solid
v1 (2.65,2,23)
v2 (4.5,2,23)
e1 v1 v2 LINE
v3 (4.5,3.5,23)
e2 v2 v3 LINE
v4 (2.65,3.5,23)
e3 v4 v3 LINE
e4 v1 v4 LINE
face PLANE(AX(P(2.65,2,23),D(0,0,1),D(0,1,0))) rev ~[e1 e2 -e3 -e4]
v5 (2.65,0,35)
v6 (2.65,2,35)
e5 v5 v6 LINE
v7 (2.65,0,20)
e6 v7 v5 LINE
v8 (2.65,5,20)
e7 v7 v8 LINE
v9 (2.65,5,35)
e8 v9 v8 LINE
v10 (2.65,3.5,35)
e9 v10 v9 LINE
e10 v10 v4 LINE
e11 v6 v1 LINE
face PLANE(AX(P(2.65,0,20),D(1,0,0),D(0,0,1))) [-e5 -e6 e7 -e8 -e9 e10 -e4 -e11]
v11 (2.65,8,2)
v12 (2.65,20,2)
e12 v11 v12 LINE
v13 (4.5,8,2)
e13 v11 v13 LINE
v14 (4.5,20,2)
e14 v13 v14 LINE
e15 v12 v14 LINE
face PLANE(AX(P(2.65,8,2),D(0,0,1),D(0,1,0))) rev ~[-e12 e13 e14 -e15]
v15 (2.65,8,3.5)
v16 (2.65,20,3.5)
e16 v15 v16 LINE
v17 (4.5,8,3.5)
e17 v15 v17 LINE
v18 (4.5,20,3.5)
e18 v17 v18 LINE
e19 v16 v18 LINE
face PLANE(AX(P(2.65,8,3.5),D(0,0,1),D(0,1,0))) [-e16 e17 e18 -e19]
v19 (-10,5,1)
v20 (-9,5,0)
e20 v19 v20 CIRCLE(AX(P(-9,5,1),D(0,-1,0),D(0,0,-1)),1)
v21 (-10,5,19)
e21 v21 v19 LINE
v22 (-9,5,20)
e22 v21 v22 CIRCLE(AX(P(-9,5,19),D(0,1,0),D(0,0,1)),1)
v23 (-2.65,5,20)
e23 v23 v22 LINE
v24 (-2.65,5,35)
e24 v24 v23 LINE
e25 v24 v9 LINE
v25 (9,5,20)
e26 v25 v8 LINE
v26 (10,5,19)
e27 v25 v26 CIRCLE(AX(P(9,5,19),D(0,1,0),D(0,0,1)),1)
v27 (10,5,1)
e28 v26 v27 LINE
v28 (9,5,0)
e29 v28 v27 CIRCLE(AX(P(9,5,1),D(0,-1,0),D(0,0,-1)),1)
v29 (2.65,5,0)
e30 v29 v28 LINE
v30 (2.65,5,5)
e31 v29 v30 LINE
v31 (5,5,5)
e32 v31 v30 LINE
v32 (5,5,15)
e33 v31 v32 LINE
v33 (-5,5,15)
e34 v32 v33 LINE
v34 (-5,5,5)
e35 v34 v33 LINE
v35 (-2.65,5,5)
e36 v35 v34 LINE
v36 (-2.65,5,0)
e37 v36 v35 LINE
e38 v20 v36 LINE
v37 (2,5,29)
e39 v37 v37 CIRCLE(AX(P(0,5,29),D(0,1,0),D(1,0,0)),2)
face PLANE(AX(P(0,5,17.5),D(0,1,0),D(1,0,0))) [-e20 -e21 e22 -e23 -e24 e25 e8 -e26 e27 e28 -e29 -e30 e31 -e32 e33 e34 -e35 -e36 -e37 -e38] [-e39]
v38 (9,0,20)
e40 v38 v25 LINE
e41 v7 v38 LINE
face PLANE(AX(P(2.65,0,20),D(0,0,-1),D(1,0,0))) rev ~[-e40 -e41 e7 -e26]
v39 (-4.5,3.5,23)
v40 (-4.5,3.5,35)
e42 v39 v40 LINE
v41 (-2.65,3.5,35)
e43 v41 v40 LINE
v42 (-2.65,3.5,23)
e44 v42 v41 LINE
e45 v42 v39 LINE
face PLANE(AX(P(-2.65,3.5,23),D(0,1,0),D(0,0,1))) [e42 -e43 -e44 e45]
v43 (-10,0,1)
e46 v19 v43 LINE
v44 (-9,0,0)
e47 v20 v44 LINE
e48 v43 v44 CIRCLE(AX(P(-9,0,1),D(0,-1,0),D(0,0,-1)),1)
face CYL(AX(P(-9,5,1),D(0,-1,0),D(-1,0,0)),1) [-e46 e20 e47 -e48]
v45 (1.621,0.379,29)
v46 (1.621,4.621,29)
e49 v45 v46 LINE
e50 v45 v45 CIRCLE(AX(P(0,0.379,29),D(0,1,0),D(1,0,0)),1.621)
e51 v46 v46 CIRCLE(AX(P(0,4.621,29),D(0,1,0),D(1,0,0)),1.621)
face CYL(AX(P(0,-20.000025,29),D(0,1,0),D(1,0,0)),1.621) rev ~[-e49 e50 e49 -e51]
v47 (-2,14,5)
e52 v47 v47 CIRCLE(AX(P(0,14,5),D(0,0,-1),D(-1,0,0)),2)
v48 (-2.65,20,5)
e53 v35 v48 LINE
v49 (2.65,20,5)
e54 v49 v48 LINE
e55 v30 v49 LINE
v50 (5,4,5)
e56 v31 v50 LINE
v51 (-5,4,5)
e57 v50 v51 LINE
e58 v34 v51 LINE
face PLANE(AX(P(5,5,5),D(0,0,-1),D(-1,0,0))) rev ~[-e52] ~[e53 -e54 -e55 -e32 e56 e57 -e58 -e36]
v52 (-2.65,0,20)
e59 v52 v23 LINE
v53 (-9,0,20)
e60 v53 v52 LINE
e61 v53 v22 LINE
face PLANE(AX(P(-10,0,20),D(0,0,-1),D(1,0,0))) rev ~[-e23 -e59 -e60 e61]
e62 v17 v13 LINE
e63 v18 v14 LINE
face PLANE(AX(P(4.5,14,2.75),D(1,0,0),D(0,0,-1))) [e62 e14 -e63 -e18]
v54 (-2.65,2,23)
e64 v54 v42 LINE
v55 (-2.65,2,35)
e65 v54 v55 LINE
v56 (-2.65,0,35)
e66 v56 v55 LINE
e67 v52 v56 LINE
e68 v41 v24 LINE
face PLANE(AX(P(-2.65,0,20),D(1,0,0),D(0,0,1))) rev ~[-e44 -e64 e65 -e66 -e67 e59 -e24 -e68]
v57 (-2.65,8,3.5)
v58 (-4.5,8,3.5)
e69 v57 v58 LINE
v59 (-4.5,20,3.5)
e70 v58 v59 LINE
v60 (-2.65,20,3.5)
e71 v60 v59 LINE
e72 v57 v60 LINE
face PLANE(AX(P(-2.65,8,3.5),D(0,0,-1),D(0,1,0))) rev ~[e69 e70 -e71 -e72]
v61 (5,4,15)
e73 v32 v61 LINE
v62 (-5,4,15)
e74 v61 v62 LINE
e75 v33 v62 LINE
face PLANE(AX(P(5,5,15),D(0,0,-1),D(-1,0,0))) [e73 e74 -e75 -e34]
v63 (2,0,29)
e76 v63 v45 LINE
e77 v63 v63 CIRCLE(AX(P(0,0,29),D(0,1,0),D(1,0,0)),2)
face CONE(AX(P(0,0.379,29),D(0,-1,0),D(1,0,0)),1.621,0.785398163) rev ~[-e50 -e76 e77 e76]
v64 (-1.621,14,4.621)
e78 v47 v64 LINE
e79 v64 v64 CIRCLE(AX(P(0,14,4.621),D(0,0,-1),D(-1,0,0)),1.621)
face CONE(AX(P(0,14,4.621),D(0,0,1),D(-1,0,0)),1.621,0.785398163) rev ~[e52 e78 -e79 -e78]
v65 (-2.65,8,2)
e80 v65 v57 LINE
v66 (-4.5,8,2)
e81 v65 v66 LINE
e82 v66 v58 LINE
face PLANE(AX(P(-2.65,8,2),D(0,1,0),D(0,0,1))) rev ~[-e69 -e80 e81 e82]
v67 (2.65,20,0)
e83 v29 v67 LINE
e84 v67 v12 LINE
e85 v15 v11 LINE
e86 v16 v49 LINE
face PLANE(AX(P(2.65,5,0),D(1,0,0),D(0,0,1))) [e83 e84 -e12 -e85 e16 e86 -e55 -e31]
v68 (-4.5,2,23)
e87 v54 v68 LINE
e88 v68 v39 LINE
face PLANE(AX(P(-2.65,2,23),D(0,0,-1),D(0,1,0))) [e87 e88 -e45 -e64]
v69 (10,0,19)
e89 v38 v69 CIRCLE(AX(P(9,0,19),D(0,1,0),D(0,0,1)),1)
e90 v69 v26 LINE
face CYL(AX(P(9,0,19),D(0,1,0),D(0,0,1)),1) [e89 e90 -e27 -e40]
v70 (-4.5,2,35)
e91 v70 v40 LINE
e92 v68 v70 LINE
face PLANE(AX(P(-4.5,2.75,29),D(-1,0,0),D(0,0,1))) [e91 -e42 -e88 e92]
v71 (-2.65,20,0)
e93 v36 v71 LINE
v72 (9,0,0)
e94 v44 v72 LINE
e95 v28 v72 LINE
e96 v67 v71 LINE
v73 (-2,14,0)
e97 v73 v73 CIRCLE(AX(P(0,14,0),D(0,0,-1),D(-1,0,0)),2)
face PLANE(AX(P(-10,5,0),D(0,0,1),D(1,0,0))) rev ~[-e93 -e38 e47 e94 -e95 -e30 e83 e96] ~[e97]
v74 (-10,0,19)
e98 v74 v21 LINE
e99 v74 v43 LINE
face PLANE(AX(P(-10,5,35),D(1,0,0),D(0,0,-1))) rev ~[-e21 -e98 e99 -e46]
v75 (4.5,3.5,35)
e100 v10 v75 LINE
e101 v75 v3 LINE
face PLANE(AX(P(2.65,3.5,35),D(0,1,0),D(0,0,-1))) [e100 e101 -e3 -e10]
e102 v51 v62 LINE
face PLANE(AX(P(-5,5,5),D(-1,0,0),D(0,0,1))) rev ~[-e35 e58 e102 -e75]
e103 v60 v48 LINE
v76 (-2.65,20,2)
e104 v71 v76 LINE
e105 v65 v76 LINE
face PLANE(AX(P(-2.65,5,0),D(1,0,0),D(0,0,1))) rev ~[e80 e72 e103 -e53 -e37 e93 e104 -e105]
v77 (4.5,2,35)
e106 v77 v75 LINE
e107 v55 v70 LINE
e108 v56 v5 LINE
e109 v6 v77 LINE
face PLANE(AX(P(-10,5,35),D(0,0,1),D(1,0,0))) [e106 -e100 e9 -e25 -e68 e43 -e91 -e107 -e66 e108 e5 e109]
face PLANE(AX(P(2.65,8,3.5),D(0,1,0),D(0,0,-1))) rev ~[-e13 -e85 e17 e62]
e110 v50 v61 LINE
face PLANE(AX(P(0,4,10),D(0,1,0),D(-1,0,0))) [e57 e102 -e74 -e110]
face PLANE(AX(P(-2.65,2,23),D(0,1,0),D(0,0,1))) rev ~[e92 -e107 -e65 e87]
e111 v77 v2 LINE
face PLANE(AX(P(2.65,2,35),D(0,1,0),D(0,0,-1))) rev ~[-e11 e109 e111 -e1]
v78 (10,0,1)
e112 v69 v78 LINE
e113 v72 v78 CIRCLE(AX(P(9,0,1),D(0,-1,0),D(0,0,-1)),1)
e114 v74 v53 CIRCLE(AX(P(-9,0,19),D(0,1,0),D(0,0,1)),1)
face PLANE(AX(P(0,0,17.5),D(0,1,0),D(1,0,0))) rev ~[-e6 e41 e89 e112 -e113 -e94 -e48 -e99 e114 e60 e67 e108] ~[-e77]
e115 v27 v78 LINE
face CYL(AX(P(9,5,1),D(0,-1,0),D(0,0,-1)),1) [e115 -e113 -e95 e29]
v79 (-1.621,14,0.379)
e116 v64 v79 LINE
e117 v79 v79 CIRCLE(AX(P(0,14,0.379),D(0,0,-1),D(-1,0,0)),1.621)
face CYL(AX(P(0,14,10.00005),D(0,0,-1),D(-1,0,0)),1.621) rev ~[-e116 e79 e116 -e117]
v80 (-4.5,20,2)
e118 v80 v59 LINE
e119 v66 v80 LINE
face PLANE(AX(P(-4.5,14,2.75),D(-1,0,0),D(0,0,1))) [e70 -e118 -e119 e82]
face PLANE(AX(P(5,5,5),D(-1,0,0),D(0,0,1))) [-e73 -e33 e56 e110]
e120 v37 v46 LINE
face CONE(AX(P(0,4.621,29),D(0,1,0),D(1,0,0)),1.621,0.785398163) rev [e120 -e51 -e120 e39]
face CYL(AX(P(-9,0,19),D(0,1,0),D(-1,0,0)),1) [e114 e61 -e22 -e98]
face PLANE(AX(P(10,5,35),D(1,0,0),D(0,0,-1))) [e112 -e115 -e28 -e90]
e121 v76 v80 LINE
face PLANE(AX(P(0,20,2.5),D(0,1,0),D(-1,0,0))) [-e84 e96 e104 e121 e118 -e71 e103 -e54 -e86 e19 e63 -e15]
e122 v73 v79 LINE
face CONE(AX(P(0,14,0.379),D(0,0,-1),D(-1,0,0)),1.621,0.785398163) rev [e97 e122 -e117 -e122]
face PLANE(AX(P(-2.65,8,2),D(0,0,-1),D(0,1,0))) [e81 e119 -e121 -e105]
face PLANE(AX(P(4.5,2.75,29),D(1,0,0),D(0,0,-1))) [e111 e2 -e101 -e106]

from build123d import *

# Parameters (mm, degrees)
SKETCH1_W                = 20
SKETCH1_H                = 35
BOSS_EXTRUDE1_DEPTH      = 5
SKETCH2_W                = 5.3
SKETCH2_H                = 5
BOSS_EXTRUDE2_DEPTH      = 15
SKETCH3_W                = 10
SKETCH3_H                = 10
CUT_EXTRUDE1_DEPTH       = 1
SKETCH4_W                = 7.35
SKETCH4_H                = 15
CUT_EXTRUDE2_DEPTH       = 21
SKETCH5_W                = 7.35
SKETCH5_H                = 15
CUT_EXTRUDE3_DEPTH       = 21
SKETCH6_W                = 1.5
SKETCH6_H                = 12
BOSS_EXTRUDE3_DEPTH      = 1.85
SKETCH7_W                = 1.5
SKETCH7_H                = 12
BOSS_EXTRUDE4_DEPTH      = 1.85
SKETCH8_W                = 12
SKETCH8_H                = 1.5
BOSS_EXTRUDE5_DEPTH      = 1.85
SKETCH9_W                = 12
SKETCH9_H                = 1.5
BOSS_EXTRUDE6_DEPTH      = 1.85
M3_CLEARANCE_HOLE1_D     = 3.242
M3_CLEARANCE_HOLE1_DEPTH = 20.000025
M3_CLEARANCE_HOLE2_D     = 3.242
M3_CLEARANCE_HOLE2_DEPTH = 5.00005
CHAMFER1_SIZE            = 0.379
FILLET1_R                = 1


with BuildPart() as part:
    # Sketch1 → Boss-Extrude1 (new body)
    with BuildSketch(Plane(origin=(0, 5, 0), x_dir=(1, 0, 0), z_dir=(0, 1, 0))):
        with Locations((0, -17.5)):
            Rectangle(SKETCH1_W, SKETCH1_H)
    extrude(amount=-BOSS_EXTRUDE1_DEPTH)

    # Sketch2 → Boss-Extrude2 (add)
    with BuildSketch(Plane(origin=(0, 5, 0), x_dir=(-1, 0, 0), z_dir=(0, 1, 0))):
        with Locations((0, 2.5)):
            Rectangle(SKETCH2_W, SKETCH2_H)
    extrude(amount=BOSS_EXTRUDE2_DEPTH)

    # Sketch3 → Cut-Extrude1 (cut)
    with BuildSketch(Plane(origin=(0, 5, 0), x_dir=(-1, 0, 0), z_dir=(0, 1, 0))):
        with Locations((0, 10)):
            Rectangle(SKETCH3_W, SKETCH3_H)
    extrude(amount=-CUT_EXTRUDE1_DEPTH, mode=Mode.SUBTRACT)

    # Sketch4 → Cut-Extrude2 (cut, through all)
    with BuildSketch(Plane.XZ):
        with Locations((-6.325, 27.5)):
            Rectangle(SKETCH4_W, SKETCH4_H)
    extrude(amount=-CUT_EXTRUDE2_DEPTH, mode=Mode.SUBTRACT)

    # Sketch5 → Cut-Extrude3 (cut, through all)
    with BuildSketch(Plane.XZ):
        with Locations((6.325, 27.5)):
            Rectangle(SKETCH5_W, SKETCH5_H)
    extrude(amount=-CUT_EXTRUDE3_DEPTH, mode=Mode.SUBTRACT)

    # Sketch6 → Boss-Extrude3 (add)
    with BuildSketch(Plane(origin=(2.65, 0, 0), x_dir=(0, 0, -1), z_dir=(1, 0, 0))):
        with Locations((-2.75, 14)):
            Rectangle(SKETCH6_W, SKETCH6_H)
    extrude(amount=BOSS_EXTRUDE3_DEPTH)

    # Sketch7 → Boss-Extrude4 (add)
    with BuildSketch(Plane.ZY.offset(2.65)):
        with Locations((2.75, 14)):
            Rectangle(SKETCH7_W, SKETCH7_H)
    extrude(amount=BOSS_EXTRUDE4_DEPTH)

    # Sketch8 → Boss-Extrude5 (add)
    with BuildSketch(Plane.ZY.offset(2.65)):
        with Locations((29, 2.75)):
            Rectangle(SKETCH8_W, SKETCH8_H)
    extrude(amount=BOSS_EXTRUDE5_DEPTH)

    # Sketch9 → Boss-Extrude6 (add)
    with BuildSketch(Plane(origin=(2.65, 0, 0), x_dir=(0, 0, -1), z_dir=(1, 0, 0))):
        with Locations((-29, 2.75)):
            Rectangle(SKETCH9_W, SKETCH9_H)
    extrude(amount=BOSS_EXTRUDE6_DEPTH)

    # M3 Clearance Hole1
    with Locations(Plane(origin=(0, 0, 0), x_dir=(-1, 0, 0), z_dir=(0, -1, 0))):
        with Locations((0, -29)):
            Hole(M3_CLEARANCE_HOLE1_D / 2, depth=M3_CLEARANCE_HOLE1_DEPTH)

    # M3 Clearance Hole2
    with Locations(Plane.XY.offset(5)):
        with Locations((0, 14)):
            Hole(M3_CLEARANCE_HOLE2_D / 2, depth=M3_CLEARANCE_HOLE2_DEPTH)

    # Chamfer1
    chamfer1_edges = [part.edges().sort_by_distance(p)[0] for p in [
        (-1.621, 5, 29),
        (-1.621, 0, 29),
        (1.621, 14, 0),
        (1.621, 14, 5),
    ]]
    chamfer(chamfer1_edges, length=CHAMFER1_SIZE)

    # Fillet1
    fillet1_edges = [part.edges().sort_by_distance(p)[0] for p in [
        (-10, 2.5, 20),
        (10, 2.5, 0),
        (10, 2.5, 20),
        (-10, 2.5, 0),
    ]]
    fillet(fillet1_edges, radius=FILLET1_R)


solid = part.part
